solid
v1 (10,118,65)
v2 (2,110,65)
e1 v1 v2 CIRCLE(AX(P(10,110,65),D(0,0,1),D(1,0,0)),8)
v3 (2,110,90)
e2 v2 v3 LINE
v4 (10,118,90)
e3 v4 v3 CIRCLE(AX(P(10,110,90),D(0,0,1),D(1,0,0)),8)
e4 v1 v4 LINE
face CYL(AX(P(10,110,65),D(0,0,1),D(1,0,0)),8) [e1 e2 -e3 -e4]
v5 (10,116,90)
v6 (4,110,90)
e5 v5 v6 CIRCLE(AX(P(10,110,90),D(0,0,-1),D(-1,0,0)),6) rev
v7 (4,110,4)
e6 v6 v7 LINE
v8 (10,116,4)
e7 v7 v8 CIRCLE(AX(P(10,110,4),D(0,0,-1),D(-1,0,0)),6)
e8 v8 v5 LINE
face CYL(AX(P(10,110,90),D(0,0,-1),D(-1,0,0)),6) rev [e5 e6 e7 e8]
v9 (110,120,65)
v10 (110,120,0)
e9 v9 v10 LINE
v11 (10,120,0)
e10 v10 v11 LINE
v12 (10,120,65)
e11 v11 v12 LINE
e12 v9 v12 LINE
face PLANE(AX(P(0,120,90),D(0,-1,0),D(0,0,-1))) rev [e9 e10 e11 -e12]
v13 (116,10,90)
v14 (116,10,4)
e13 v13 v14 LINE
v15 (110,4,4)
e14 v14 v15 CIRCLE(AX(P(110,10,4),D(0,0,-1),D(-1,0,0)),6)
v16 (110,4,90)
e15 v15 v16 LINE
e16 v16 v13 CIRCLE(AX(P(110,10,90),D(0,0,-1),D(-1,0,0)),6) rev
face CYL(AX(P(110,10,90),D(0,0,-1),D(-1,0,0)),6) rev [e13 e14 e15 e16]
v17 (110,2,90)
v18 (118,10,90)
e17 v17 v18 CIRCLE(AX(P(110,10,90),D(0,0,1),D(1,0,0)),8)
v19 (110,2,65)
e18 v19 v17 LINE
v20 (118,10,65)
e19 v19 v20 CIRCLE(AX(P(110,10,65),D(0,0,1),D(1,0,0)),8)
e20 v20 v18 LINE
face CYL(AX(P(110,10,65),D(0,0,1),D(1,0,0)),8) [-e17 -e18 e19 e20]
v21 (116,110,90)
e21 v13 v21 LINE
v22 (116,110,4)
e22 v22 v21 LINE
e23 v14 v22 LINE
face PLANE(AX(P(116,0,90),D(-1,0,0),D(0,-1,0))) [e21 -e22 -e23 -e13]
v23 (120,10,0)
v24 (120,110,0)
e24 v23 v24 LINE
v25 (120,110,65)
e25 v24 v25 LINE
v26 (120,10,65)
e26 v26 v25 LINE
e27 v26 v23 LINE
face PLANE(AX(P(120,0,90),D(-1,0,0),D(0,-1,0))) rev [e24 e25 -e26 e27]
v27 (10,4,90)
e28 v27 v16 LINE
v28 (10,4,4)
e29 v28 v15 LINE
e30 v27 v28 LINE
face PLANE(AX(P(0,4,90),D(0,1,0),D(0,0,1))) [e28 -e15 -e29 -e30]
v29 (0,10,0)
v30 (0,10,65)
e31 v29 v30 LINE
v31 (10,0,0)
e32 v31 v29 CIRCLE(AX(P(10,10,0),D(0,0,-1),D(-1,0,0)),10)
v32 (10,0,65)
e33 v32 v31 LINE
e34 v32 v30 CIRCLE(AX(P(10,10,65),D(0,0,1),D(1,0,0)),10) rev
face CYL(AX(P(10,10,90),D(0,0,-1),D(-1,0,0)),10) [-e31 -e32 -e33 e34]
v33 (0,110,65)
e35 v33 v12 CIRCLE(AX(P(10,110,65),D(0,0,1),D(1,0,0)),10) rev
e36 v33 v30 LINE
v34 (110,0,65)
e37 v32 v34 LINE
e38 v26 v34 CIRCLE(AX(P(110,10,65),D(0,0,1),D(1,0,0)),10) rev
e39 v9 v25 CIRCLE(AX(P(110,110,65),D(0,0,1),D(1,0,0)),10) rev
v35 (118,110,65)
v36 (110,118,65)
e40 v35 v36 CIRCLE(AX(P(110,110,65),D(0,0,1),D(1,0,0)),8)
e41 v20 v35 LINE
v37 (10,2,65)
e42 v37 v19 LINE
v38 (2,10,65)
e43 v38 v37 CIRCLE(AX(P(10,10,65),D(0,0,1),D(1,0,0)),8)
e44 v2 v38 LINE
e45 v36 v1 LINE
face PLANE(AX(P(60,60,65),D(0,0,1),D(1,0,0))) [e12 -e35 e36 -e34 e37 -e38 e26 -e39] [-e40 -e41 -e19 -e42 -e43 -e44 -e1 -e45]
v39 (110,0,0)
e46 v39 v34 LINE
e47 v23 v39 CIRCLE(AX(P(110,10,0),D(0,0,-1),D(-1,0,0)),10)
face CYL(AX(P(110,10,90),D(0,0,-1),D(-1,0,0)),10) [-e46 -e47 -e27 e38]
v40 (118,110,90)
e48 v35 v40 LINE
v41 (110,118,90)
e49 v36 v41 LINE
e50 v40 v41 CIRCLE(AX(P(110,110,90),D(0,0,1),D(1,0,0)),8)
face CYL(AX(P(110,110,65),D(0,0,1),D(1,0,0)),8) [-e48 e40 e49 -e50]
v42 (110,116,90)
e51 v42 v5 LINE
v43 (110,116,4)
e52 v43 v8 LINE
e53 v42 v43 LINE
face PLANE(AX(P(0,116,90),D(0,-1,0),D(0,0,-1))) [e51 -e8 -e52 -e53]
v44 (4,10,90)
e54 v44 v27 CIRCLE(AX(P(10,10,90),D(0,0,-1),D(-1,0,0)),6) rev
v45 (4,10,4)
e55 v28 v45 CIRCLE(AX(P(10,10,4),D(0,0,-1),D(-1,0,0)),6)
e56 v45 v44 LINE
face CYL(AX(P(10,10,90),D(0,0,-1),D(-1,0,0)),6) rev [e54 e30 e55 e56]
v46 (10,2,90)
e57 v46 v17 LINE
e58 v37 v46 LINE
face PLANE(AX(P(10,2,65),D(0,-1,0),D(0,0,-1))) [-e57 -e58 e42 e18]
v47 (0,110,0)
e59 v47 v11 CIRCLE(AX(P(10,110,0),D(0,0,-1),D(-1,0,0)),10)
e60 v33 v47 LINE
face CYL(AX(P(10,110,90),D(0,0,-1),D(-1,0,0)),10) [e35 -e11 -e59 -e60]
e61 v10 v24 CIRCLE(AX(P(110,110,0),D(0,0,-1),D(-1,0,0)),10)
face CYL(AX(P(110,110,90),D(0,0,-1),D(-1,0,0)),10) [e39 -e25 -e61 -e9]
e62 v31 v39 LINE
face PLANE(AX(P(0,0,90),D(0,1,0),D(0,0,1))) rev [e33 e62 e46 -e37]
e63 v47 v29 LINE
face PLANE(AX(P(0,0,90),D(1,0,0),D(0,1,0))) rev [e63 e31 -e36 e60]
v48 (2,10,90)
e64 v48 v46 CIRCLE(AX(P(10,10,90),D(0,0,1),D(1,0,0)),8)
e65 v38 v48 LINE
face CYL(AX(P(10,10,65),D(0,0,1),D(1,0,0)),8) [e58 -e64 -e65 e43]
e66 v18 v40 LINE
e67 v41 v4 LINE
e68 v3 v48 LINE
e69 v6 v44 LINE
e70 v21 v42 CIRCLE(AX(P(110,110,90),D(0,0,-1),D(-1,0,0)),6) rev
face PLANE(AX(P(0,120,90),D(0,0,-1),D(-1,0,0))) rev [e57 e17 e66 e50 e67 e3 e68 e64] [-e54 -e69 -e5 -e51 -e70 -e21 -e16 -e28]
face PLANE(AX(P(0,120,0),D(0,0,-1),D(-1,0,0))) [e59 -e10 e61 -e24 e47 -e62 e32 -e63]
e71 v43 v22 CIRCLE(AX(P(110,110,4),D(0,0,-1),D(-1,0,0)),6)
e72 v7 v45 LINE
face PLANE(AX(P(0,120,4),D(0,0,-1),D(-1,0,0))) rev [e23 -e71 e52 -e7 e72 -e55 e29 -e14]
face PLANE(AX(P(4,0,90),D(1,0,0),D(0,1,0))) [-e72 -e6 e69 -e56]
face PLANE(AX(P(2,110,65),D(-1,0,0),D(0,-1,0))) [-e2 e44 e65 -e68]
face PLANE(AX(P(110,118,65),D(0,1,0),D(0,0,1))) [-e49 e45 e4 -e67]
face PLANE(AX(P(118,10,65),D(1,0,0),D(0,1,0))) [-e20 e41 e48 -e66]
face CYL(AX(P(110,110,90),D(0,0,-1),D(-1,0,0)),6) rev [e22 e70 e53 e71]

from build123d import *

# Parameters (mm, degrees)
CROQUIS1_W              = 120
CROQUIS1_H              = 120
SALIENTE_EXTRUIR1_DEPTH = 90
REDONDEO2_R             = 10
VACIADO1_T              = -4
CROQUIS6_OUTSIDE_W      = 160.418
CROQUIS6_OUTSIDE_H      = 160.418
CORTAR_EXTRUIR2_DEPTH   = 25


with BuildPart() as part:
    # Croquis1 → Saliente-Extruir1 (new body)
    with BuildSketch(Plane.XY):
        with Locations((60, 60)):
            Rectangle(CROQUIS1_W, CROQUIS1_H)
    extrude(amount=SALIENTE_EXTRUIR1_DEPTH)

    # Redondeo2
    redondeo2_edges = [part.edges().sort_by_distance(p)[0] for p in [
        (0, 120, 45),
        (120, 120, 45),
        (120, 0, 45),
        (0, 0, 45),
    ]]
    fillet(redondeo2_edges, radius=REDONDEO2_R)

    # Vaciado1
    vaciado1_openings = [part.faces().sort_by_distance(p)[0] for p in [
        (60, 60, 90),
    ]]
    offset(amount=VACIADO1_T, openings=vaciado1_openings, kind=Kind.INTERSECTION)

    # Croquis6 outside → Cortar-Extruir2 (cut)
    with BuildSketch(Plane.XY.offset(90)):
        with Locations((60, 60)):
            Rectangle(CROQUIS6_OUTSIDE_W, CROQUIS6_OUTSIDE_H)
        with BuildLine():
            Line((10, 2), (110, 2))
            ThreePointArc((110, 2), (115.656854249, 4.343145751), (118, 10))
            Line((118, 10), (118, 110))
            ThreePointArc((118, 110), (115.656854249, 115.656854249), (110, 118))
            Line((110, 118), (10, 118))
            ThreePointArc((10, 118), (4.343145751, 115.656854249), (2, 110))
            Line((2, 110), (2, 10))
            ThreePointArc((2, 10), (4.343145751, 4.343145751), (10, 2))
        make_face(mode=Mode.SUBTRACT)
    extrude(amount=-CORTAR_EXTRUIR2_DEPTH, mode=Mode.SUBTRACT)


solid = part.part
